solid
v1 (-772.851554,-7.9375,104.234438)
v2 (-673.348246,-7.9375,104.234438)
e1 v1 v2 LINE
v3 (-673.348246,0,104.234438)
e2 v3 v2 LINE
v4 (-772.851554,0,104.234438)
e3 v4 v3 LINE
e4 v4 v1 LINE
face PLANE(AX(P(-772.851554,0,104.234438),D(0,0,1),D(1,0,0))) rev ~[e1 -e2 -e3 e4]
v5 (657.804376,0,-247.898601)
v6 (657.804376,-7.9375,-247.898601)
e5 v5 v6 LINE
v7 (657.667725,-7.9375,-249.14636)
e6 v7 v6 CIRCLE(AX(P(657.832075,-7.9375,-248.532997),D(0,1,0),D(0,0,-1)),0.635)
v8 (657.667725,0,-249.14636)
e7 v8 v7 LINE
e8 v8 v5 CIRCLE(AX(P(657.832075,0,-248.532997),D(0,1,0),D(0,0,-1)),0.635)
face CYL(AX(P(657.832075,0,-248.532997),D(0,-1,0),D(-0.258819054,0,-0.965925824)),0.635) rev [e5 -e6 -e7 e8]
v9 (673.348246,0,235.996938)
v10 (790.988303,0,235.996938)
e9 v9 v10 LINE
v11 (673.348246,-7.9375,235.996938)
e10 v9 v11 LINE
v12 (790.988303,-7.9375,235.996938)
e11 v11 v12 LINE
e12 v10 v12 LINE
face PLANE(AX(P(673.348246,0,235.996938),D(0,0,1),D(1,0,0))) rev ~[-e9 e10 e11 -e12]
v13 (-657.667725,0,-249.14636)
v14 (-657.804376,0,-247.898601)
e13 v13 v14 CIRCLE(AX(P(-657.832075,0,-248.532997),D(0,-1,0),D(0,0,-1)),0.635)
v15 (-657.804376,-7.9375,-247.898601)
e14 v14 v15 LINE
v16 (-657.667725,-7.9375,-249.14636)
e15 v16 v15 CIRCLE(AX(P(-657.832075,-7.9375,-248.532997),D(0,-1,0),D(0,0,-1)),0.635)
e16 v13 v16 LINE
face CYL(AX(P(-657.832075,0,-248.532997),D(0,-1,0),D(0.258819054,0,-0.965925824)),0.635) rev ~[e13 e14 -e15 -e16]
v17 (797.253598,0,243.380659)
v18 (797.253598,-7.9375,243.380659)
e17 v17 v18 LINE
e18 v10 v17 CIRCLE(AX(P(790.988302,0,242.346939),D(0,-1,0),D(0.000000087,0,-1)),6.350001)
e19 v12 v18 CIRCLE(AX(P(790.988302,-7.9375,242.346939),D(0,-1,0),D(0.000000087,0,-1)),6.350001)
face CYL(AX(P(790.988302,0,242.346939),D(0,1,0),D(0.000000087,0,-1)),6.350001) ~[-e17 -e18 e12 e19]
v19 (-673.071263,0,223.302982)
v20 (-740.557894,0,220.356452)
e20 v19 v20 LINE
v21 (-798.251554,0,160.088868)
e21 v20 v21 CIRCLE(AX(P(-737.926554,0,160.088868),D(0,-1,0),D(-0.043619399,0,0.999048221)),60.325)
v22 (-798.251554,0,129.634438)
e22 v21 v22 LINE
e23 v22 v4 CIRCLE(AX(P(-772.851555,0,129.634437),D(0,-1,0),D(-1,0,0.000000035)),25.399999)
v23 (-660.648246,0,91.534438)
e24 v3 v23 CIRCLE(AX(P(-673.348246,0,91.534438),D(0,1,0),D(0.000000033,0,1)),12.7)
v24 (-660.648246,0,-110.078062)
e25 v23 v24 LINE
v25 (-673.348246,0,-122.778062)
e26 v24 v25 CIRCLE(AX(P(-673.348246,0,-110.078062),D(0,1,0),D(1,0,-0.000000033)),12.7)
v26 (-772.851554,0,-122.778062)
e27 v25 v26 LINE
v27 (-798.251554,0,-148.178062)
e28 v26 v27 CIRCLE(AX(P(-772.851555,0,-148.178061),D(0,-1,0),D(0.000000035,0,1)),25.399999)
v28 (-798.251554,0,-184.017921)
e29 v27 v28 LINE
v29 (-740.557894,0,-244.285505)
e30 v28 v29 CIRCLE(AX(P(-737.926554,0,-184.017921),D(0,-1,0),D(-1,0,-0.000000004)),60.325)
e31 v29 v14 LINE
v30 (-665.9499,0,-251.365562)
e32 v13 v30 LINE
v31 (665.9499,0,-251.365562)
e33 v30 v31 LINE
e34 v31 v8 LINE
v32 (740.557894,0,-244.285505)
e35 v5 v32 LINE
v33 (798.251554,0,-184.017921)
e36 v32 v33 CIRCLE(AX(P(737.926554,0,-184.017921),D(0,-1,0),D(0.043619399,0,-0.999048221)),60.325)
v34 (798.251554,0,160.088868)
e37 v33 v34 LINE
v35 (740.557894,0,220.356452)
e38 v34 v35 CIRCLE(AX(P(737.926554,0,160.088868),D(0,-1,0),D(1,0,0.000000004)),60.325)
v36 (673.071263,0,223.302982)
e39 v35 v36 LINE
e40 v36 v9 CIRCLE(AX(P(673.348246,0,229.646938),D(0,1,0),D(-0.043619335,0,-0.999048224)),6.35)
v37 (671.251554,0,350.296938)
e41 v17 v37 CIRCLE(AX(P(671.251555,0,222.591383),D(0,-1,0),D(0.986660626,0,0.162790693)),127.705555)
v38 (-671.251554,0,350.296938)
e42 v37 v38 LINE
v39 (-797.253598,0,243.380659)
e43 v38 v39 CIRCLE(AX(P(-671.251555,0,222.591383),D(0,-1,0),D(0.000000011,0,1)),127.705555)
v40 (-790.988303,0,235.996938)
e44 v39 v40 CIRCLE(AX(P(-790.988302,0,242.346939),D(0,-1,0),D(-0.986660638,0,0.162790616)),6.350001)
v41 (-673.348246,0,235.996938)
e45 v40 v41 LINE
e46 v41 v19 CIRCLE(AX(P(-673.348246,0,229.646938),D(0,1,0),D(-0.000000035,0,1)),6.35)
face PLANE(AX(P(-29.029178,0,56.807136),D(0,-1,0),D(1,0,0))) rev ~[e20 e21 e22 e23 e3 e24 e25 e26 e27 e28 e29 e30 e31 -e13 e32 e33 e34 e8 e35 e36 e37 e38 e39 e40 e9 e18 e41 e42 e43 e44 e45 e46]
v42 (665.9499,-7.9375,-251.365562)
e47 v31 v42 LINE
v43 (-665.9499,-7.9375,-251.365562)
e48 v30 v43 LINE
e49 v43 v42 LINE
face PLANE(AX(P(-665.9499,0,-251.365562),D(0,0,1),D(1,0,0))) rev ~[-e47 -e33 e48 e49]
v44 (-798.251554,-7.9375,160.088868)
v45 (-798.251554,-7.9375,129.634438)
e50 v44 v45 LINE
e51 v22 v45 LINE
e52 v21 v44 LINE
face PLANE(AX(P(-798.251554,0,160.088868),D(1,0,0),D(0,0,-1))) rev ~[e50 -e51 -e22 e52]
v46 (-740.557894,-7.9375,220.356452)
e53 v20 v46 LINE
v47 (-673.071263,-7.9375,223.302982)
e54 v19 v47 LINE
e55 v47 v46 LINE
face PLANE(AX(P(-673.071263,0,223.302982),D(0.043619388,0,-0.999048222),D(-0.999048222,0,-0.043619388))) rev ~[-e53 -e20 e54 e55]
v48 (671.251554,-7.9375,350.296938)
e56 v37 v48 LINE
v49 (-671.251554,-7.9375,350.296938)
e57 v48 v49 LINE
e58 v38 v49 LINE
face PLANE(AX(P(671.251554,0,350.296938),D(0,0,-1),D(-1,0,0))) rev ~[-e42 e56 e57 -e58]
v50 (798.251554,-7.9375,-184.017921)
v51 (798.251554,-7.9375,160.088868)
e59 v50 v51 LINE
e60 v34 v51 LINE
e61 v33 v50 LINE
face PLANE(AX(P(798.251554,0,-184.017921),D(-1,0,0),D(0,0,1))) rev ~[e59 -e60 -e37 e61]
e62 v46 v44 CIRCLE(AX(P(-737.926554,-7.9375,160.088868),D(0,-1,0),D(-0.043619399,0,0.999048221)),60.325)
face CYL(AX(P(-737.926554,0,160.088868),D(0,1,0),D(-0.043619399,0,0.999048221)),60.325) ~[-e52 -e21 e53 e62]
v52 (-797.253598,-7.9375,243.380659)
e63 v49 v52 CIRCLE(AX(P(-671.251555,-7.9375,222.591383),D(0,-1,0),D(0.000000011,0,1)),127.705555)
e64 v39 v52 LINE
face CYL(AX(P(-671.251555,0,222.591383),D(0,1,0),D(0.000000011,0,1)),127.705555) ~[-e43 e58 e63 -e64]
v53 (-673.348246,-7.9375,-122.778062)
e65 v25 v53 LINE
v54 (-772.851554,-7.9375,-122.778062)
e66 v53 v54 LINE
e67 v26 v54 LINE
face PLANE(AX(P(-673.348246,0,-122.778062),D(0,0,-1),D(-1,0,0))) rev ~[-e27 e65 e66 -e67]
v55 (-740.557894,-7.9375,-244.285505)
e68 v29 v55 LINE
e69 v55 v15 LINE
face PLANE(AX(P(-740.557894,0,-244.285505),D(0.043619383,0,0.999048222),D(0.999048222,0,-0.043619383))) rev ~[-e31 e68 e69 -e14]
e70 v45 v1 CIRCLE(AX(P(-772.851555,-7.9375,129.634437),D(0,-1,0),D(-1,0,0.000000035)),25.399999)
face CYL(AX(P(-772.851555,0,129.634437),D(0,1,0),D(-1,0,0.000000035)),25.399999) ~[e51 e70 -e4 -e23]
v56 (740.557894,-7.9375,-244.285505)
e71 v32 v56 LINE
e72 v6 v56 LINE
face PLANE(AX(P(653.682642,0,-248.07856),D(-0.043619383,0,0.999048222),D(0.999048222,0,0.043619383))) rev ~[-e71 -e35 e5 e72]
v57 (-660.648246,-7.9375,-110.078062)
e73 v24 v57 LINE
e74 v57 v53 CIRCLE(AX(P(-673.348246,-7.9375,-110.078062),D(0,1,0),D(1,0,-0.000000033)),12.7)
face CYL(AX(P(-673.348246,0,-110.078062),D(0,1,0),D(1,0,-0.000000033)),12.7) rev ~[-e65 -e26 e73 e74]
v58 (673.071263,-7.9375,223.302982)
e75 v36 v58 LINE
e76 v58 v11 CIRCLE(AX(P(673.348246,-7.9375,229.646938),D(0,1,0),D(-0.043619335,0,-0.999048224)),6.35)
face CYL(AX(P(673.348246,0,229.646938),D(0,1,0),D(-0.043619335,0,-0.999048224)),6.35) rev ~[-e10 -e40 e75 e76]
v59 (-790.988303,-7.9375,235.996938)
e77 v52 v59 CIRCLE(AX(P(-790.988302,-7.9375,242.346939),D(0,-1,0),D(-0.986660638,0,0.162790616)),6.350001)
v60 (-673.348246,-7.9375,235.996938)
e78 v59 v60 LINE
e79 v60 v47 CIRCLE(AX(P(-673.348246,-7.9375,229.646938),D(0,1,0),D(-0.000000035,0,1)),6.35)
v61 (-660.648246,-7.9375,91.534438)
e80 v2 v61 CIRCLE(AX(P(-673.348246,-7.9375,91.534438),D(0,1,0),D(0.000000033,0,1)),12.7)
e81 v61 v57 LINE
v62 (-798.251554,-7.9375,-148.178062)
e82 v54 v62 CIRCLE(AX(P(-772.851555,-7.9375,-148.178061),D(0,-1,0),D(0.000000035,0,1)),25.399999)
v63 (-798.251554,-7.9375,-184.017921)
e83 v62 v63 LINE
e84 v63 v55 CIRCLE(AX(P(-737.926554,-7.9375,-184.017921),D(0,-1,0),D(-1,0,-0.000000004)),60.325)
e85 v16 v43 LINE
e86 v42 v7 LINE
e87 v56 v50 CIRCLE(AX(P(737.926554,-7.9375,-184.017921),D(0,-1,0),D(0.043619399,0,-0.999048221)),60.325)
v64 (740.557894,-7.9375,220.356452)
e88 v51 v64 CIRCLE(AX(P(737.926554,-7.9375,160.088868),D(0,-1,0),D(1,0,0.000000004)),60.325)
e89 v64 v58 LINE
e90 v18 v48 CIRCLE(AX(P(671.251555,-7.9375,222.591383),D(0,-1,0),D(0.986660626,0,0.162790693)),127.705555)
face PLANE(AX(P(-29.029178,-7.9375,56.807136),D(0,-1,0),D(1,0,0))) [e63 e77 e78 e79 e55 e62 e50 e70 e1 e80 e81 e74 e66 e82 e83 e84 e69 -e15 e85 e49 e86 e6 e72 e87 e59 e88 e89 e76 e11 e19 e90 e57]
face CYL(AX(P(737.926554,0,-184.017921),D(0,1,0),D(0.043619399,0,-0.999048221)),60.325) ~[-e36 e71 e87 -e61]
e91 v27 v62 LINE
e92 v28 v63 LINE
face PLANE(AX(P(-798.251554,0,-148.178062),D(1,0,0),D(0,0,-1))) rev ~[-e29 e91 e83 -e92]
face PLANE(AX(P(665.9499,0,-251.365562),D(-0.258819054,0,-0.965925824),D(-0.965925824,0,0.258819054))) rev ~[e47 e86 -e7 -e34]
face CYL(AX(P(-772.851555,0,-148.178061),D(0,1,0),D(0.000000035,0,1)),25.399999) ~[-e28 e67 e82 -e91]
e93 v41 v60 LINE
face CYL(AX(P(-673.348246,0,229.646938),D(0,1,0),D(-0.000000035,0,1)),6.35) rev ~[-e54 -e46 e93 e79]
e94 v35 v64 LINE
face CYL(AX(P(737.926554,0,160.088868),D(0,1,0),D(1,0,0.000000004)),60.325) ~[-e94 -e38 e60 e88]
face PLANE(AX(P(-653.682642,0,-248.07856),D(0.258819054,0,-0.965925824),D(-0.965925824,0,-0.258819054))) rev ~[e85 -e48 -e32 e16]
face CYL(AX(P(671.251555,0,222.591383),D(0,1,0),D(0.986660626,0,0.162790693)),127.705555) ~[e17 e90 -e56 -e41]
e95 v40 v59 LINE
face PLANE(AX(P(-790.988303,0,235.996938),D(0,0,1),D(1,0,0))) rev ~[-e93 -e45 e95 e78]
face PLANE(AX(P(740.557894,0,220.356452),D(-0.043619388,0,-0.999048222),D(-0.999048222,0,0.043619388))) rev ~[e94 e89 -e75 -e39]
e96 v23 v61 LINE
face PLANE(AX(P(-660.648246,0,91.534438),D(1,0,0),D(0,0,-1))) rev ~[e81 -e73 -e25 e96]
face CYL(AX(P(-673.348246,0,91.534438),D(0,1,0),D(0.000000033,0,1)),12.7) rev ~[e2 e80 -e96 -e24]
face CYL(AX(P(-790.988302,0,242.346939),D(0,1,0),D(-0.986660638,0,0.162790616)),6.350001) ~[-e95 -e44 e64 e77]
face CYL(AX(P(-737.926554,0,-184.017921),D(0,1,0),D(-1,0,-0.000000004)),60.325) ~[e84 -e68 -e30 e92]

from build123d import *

# Parameters (mm, degrees)
F1_DEPTH = 7.9375
F2_R     = 0.635


with BuildPart() as f1:
    # F0 (on Front) → F1 (new body)
    with BuildSketch(Plane.XZ):
        with BuildLine():
            Line((-653.682642, -248.07856), (-665.9499, -251.365562))
            Line((-665.9499, -251.365562), (665.9499, -251.365562))
            Line((665.9499, -251.365562), (653.682642, -248.07856))
            Line((653.682642, -248.07856), (740.557894, -244.285505))
            ThreePointArc((740.557894, -244.285505), (781.50316, -225.733446), (798.251554, -184.017921))
            Line((798.251554, -184.017921), (798.251554, 160.088868))
            ThreePointArc((798.251554, 160.088868), (781.50316, 201.804393), (740.557894, 220.356452))
            Line((740.557894, 220.356452), (673.071263, 223.302982))
            ThreePointArc((673.071263, 223.302982), (666.999757, 229.785462), (673.348246, 235.996938))
            Line((673.348246, 235.996938), (790.988303, 235.996938))
            ThreePointArc((790.988303, 235.996938), (795.830132, 238.238509), (797.253598, 243.380659))
            ThreePointArc((797.253598, 243.380659), (753.87662, 319.965956), (671.251554, 350.296938))
            Line((671.251554, 350.296938), (-671.251554, 350.296938))
            ThreePointArc((-671.251554, 350.296938), (-753.87662, 319.965956), (-797.253598, 243.380659))
            ThreePointArc((-797.253598, 243.380659), (-795.830132, 238.238509), (-790.988303, 235.996938))
            Line((-790.988303, 235.996938), (-673.348246, 235.996938))
            ThreePointArc((-673.348246, 235.996938), (-666.999757, 229.785462), (-673.071263, 223.302982))
            Line((-673.071263, 223.302982), (-740.557894, 220.356452))
            ThreePointArc((-740.557894, 220.356452), (-781.50316, 201.804393), (-798.251554, 160.088868))
            Line((-798.251554, 160.088868), (-798.251554, 129.634438))
            ThreePointArc((-798.251554, 129.634438), (-790.812067, 111.673926), (-772.851554, 104.234438))
            Line((-772.851554, 104.234438), (-673.348246, 104.234438))
            ThreePointArc((-673.348246, 104.234438), (-664.36799, 100.514694), (-660.648246, 91.534438))
            Line((-660.648246, 91.534438), (-660.648246, -110.078062))
            ThreePointArc((-660.648246, -110.078062), (-664.36799, -119.058318), (-673.348246, -122.778062))
            Line((-673.348246, -122.778062), (-772.851554, -122.778062))
            ThreePointArc((-772.851554, -122.778062), (-790.812067, -130.21755), (-798.251554, -148.178062))
            Line((-798.251554, -148.178062), (-798.251554, -184.017921))
            ThreePointArc((-798.251554, -184.017921), (-781.50316, -225.733446), (-740.557894, -244.285505))
            Line((-740.557894, -244.285505), (-653.682642, -248.07856))
        make_face()
    extrude(amount=F1_DEPTH)

    # F2
    f2_edges = [f1.edges().sort_by_distance(p)[0] for p in [
        (-653.682642, -3.96875, -248.07856),
        (653.682642, -3.96875, -248.07856),
    ]]
    fillet(f2_edges, radius=F2_R)


solid = f1.part
